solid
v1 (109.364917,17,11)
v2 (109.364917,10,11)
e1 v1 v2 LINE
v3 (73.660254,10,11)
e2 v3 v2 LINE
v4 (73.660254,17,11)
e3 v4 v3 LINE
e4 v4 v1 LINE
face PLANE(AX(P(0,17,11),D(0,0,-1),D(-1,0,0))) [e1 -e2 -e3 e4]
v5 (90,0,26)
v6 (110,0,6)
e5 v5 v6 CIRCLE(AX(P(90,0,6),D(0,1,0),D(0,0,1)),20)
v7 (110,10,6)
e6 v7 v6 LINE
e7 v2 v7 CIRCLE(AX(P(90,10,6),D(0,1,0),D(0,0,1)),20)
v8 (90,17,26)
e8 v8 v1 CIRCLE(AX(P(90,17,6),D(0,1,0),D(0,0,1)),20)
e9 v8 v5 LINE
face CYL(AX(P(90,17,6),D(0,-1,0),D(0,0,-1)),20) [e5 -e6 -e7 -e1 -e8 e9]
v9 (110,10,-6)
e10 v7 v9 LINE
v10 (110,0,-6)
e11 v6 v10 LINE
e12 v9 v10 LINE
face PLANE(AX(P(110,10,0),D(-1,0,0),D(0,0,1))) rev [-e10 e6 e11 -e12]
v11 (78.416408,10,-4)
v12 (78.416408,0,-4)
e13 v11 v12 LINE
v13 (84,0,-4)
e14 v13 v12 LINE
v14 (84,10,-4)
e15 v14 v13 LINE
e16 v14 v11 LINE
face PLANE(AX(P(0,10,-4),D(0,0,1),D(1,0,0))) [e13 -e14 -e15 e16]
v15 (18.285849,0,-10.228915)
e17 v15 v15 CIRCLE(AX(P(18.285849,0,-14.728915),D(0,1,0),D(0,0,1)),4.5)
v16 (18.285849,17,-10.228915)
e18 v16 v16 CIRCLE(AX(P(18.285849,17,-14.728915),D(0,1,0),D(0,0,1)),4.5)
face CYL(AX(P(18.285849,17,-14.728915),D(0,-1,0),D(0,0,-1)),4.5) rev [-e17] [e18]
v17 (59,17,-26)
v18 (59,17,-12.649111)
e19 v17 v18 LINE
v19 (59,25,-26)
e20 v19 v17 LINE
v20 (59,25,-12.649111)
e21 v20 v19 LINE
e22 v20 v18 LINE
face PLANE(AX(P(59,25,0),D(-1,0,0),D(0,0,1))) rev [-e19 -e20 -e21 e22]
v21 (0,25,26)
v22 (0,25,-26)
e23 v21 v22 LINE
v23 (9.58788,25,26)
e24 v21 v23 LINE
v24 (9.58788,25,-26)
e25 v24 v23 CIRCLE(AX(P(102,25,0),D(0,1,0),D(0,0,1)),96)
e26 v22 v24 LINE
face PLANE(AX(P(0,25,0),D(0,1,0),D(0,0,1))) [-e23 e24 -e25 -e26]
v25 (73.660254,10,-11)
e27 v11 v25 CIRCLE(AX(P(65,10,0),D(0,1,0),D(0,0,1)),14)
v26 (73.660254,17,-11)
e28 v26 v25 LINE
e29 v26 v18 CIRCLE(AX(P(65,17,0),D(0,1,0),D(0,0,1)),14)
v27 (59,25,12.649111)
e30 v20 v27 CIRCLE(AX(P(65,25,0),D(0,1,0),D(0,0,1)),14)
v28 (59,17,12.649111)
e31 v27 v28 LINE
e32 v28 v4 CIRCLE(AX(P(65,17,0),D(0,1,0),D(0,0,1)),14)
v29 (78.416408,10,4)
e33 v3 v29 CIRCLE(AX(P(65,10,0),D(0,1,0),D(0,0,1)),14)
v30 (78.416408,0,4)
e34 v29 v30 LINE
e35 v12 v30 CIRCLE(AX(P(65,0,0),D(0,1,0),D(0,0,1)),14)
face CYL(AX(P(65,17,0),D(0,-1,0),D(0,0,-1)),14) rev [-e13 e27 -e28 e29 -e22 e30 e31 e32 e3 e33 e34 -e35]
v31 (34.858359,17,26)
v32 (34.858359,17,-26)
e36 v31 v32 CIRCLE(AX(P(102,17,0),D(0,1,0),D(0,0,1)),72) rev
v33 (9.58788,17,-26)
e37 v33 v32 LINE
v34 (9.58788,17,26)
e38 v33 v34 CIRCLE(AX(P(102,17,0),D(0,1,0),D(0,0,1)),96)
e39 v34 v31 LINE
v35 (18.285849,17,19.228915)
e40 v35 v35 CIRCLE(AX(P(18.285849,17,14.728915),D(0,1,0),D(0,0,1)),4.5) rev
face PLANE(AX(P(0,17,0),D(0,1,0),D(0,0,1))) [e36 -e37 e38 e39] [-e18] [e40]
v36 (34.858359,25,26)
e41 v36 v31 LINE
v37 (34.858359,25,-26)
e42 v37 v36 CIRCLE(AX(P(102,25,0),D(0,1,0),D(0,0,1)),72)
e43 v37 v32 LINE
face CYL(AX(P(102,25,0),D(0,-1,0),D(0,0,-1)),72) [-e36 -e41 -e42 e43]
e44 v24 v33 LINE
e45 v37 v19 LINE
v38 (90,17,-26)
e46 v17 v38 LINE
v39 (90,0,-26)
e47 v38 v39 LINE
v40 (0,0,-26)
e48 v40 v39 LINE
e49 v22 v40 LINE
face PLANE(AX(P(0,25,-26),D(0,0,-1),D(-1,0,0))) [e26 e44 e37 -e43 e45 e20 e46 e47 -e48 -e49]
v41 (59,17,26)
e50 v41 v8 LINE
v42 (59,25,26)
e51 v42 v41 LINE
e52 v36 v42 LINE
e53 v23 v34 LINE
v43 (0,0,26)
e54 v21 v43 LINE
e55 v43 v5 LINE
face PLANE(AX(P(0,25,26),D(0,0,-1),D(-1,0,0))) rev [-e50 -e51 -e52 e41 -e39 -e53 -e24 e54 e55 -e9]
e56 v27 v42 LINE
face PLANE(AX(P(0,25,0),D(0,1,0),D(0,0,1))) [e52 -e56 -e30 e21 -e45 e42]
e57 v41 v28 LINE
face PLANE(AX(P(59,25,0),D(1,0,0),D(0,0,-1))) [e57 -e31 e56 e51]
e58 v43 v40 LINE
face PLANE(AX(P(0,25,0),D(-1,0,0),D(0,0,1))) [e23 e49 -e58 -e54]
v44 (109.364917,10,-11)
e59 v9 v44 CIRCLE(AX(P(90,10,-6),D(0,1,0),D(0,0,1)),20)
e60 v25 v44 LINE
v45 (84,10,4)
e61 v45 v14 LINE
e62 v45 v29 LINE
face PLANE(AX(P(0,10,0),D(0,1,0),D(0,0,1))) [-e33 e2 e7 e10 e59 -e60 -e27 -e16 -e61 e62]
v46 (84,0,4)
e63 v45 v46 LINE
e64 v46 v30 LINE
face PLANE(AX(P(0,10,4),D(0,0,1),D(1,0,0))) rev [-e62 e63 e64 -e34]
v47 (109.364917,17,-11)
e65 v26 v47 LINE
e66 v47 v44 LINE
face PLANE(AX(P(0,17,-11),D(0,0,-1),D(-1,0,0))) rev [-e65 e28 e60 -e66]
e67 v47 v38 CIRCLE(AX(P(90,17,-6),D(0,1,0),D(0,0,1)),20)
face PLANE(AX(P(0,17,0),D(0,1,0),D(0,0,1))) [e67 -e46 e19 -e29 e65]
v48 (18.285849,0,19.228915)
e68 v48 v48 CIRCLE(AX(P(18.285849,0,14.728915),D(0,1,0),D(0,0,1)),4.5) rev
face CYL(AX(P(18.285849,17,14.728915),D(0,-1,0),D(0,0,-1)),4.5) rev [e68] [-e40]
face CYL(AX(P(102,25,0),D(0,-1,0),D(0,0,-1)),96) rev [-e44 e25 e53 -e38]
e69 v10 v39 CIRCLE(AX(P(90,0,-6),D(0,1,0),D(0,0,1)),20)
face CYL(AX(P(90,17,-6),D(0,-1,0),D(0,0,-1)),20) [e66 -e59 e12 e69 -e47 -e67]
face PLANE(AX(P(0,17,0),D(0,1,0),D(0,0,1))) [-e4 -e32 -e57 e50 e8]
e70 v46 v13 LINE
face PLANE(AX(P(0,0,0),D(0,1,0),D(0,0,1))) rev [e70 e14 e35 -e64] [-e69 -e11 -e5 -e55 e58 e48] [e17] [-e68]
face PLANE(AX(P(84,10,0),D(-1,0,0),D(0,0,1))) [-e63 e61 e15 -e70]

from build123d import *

# Parameters (mm, degrees)
BOSS_EXTRUDE1_DEPTH = 25
SKETCH1_3_R         = 4.5
BOSS_EXTRUDE2_DEPTH = 17
BOSS_EXTRUDE3_DEPTH = 25
BOSS_EXTRUDE4_DEPTH = 10


with BuildPart() as part:
    # Sketch1 → Boss-Extrude1 (new body)
    with BuildSketch(Plane(origin=(0, 0, 0), x_dir=(1, 0, 0), z_dir=(0, 1, 0))):
        with BuildLine():
            Line((0, 26), (0, -26))
            Line((0, -26), (9.587879583, -26))
            ThreePointArc((9.587879583, -26), (6, 0), (9.587879583, 26))
            Line((9.587879583, 26), (0, 26))
        make_face()
    extrude(amount=BOSS_EXTRUDE1_DEPTH)

    # Sketch1<3> → Boss-Extrude2 (add)
    with BuildSketch(Plane(origin=(0, 0, 0), x_dir=(1, 0, 0), z_dir=(0, 1, 0))):
        with BuildLine():
            ThreePointArc((9.587879583, 26), (6, 0), (9.587879583, -26))
            Line((9.587879583, -26), (90, -26))
            ThreePointArc((90, -26), (102.247448714, -21.811388301), (109.364916731, -11))
            Line((109.364916731, -11), (73.660254038, -11))
            ThreePointArc((73.660254038, -11), (51, 0), (73.660254038, 11))
            Line((73.660254038, 11), (109.364916731, 11))
            ThreePointArc((109.364916731, 11), (102.247448714, 21.811388301), (90, 26))
            Line((90, 26), (9.587879583, 26))
        make_face()
        with Locations((18.285849122, -14.728915195)):
            Circle(SKETCH1_3_R, mode=Mode.SUBTRACT)
        with Locations((18.285849122, 14.728915195)):
            Circle(SKETCH1_3_R, mode=Mode.SUBTRACT)
    extrude(amount=BOSS_EXTRUDE2_DEPTH)

    # Sketch1<4> → Boss-Extrude3 (add)
    with BuildSketch(Plane(origin=(0, 0, 0), x_dir=(1, 0, 0), z_dir=(0, 1, 0))):
        with BuildLine():
            ThreePointArc((34.858358674, 26), (30, 0), (34.858358674, -26))
            Line((34.858358674, -26), (59, -26))
            Line((59, -26), (59, -12.649110641))
            ThreePointArc((59, -12.649110641), (51, 0), (59, 12.649110641))
            Line((59, 12.649110641), (59, 26))
            Line((59, 26), (34.858358674, 26))
        make_face()
    extrude(amount=BOSS_EXTRUDE3_DEPTH)

    # Sketch1<5> → Boss-Extrude4 (add)
    with BuildSketch(Plane(origin=(0, 0, 0), x_dir=(1, 0, 0), z_dir=(0, 1, 0))):
        with BuildLine():
            Line((73.660254038, -11), (109.364916731, -11))
            ThreePointArc((109.364916731, -11), (109.840593925, -8.52008585), (110, -6))
            Line((110, -6), (110, 6))
            ThreePointArc((110, 6), (109.840593925, 8.52008585), (109.364916731, 11))
            Line((109.364916731, 11), (73.660254038, 11))
            ThreePointArc((73.660254038, 11), (76.579928765, 7.86798893), (78.416407865, 4))
            Line((78.416407865, 4), (84, 4))
            Line((84, 4), (84, -4))
            Line((84, -4), (78.416407865, -4))
            ThreePointArc((78.416407865, -4), (76.579928765, -7.86798893), (73.660254038, -11))
        make_face()
    extrude(amount=BOSS_EXTRUDE4_DEPTH)


solid = part.part
